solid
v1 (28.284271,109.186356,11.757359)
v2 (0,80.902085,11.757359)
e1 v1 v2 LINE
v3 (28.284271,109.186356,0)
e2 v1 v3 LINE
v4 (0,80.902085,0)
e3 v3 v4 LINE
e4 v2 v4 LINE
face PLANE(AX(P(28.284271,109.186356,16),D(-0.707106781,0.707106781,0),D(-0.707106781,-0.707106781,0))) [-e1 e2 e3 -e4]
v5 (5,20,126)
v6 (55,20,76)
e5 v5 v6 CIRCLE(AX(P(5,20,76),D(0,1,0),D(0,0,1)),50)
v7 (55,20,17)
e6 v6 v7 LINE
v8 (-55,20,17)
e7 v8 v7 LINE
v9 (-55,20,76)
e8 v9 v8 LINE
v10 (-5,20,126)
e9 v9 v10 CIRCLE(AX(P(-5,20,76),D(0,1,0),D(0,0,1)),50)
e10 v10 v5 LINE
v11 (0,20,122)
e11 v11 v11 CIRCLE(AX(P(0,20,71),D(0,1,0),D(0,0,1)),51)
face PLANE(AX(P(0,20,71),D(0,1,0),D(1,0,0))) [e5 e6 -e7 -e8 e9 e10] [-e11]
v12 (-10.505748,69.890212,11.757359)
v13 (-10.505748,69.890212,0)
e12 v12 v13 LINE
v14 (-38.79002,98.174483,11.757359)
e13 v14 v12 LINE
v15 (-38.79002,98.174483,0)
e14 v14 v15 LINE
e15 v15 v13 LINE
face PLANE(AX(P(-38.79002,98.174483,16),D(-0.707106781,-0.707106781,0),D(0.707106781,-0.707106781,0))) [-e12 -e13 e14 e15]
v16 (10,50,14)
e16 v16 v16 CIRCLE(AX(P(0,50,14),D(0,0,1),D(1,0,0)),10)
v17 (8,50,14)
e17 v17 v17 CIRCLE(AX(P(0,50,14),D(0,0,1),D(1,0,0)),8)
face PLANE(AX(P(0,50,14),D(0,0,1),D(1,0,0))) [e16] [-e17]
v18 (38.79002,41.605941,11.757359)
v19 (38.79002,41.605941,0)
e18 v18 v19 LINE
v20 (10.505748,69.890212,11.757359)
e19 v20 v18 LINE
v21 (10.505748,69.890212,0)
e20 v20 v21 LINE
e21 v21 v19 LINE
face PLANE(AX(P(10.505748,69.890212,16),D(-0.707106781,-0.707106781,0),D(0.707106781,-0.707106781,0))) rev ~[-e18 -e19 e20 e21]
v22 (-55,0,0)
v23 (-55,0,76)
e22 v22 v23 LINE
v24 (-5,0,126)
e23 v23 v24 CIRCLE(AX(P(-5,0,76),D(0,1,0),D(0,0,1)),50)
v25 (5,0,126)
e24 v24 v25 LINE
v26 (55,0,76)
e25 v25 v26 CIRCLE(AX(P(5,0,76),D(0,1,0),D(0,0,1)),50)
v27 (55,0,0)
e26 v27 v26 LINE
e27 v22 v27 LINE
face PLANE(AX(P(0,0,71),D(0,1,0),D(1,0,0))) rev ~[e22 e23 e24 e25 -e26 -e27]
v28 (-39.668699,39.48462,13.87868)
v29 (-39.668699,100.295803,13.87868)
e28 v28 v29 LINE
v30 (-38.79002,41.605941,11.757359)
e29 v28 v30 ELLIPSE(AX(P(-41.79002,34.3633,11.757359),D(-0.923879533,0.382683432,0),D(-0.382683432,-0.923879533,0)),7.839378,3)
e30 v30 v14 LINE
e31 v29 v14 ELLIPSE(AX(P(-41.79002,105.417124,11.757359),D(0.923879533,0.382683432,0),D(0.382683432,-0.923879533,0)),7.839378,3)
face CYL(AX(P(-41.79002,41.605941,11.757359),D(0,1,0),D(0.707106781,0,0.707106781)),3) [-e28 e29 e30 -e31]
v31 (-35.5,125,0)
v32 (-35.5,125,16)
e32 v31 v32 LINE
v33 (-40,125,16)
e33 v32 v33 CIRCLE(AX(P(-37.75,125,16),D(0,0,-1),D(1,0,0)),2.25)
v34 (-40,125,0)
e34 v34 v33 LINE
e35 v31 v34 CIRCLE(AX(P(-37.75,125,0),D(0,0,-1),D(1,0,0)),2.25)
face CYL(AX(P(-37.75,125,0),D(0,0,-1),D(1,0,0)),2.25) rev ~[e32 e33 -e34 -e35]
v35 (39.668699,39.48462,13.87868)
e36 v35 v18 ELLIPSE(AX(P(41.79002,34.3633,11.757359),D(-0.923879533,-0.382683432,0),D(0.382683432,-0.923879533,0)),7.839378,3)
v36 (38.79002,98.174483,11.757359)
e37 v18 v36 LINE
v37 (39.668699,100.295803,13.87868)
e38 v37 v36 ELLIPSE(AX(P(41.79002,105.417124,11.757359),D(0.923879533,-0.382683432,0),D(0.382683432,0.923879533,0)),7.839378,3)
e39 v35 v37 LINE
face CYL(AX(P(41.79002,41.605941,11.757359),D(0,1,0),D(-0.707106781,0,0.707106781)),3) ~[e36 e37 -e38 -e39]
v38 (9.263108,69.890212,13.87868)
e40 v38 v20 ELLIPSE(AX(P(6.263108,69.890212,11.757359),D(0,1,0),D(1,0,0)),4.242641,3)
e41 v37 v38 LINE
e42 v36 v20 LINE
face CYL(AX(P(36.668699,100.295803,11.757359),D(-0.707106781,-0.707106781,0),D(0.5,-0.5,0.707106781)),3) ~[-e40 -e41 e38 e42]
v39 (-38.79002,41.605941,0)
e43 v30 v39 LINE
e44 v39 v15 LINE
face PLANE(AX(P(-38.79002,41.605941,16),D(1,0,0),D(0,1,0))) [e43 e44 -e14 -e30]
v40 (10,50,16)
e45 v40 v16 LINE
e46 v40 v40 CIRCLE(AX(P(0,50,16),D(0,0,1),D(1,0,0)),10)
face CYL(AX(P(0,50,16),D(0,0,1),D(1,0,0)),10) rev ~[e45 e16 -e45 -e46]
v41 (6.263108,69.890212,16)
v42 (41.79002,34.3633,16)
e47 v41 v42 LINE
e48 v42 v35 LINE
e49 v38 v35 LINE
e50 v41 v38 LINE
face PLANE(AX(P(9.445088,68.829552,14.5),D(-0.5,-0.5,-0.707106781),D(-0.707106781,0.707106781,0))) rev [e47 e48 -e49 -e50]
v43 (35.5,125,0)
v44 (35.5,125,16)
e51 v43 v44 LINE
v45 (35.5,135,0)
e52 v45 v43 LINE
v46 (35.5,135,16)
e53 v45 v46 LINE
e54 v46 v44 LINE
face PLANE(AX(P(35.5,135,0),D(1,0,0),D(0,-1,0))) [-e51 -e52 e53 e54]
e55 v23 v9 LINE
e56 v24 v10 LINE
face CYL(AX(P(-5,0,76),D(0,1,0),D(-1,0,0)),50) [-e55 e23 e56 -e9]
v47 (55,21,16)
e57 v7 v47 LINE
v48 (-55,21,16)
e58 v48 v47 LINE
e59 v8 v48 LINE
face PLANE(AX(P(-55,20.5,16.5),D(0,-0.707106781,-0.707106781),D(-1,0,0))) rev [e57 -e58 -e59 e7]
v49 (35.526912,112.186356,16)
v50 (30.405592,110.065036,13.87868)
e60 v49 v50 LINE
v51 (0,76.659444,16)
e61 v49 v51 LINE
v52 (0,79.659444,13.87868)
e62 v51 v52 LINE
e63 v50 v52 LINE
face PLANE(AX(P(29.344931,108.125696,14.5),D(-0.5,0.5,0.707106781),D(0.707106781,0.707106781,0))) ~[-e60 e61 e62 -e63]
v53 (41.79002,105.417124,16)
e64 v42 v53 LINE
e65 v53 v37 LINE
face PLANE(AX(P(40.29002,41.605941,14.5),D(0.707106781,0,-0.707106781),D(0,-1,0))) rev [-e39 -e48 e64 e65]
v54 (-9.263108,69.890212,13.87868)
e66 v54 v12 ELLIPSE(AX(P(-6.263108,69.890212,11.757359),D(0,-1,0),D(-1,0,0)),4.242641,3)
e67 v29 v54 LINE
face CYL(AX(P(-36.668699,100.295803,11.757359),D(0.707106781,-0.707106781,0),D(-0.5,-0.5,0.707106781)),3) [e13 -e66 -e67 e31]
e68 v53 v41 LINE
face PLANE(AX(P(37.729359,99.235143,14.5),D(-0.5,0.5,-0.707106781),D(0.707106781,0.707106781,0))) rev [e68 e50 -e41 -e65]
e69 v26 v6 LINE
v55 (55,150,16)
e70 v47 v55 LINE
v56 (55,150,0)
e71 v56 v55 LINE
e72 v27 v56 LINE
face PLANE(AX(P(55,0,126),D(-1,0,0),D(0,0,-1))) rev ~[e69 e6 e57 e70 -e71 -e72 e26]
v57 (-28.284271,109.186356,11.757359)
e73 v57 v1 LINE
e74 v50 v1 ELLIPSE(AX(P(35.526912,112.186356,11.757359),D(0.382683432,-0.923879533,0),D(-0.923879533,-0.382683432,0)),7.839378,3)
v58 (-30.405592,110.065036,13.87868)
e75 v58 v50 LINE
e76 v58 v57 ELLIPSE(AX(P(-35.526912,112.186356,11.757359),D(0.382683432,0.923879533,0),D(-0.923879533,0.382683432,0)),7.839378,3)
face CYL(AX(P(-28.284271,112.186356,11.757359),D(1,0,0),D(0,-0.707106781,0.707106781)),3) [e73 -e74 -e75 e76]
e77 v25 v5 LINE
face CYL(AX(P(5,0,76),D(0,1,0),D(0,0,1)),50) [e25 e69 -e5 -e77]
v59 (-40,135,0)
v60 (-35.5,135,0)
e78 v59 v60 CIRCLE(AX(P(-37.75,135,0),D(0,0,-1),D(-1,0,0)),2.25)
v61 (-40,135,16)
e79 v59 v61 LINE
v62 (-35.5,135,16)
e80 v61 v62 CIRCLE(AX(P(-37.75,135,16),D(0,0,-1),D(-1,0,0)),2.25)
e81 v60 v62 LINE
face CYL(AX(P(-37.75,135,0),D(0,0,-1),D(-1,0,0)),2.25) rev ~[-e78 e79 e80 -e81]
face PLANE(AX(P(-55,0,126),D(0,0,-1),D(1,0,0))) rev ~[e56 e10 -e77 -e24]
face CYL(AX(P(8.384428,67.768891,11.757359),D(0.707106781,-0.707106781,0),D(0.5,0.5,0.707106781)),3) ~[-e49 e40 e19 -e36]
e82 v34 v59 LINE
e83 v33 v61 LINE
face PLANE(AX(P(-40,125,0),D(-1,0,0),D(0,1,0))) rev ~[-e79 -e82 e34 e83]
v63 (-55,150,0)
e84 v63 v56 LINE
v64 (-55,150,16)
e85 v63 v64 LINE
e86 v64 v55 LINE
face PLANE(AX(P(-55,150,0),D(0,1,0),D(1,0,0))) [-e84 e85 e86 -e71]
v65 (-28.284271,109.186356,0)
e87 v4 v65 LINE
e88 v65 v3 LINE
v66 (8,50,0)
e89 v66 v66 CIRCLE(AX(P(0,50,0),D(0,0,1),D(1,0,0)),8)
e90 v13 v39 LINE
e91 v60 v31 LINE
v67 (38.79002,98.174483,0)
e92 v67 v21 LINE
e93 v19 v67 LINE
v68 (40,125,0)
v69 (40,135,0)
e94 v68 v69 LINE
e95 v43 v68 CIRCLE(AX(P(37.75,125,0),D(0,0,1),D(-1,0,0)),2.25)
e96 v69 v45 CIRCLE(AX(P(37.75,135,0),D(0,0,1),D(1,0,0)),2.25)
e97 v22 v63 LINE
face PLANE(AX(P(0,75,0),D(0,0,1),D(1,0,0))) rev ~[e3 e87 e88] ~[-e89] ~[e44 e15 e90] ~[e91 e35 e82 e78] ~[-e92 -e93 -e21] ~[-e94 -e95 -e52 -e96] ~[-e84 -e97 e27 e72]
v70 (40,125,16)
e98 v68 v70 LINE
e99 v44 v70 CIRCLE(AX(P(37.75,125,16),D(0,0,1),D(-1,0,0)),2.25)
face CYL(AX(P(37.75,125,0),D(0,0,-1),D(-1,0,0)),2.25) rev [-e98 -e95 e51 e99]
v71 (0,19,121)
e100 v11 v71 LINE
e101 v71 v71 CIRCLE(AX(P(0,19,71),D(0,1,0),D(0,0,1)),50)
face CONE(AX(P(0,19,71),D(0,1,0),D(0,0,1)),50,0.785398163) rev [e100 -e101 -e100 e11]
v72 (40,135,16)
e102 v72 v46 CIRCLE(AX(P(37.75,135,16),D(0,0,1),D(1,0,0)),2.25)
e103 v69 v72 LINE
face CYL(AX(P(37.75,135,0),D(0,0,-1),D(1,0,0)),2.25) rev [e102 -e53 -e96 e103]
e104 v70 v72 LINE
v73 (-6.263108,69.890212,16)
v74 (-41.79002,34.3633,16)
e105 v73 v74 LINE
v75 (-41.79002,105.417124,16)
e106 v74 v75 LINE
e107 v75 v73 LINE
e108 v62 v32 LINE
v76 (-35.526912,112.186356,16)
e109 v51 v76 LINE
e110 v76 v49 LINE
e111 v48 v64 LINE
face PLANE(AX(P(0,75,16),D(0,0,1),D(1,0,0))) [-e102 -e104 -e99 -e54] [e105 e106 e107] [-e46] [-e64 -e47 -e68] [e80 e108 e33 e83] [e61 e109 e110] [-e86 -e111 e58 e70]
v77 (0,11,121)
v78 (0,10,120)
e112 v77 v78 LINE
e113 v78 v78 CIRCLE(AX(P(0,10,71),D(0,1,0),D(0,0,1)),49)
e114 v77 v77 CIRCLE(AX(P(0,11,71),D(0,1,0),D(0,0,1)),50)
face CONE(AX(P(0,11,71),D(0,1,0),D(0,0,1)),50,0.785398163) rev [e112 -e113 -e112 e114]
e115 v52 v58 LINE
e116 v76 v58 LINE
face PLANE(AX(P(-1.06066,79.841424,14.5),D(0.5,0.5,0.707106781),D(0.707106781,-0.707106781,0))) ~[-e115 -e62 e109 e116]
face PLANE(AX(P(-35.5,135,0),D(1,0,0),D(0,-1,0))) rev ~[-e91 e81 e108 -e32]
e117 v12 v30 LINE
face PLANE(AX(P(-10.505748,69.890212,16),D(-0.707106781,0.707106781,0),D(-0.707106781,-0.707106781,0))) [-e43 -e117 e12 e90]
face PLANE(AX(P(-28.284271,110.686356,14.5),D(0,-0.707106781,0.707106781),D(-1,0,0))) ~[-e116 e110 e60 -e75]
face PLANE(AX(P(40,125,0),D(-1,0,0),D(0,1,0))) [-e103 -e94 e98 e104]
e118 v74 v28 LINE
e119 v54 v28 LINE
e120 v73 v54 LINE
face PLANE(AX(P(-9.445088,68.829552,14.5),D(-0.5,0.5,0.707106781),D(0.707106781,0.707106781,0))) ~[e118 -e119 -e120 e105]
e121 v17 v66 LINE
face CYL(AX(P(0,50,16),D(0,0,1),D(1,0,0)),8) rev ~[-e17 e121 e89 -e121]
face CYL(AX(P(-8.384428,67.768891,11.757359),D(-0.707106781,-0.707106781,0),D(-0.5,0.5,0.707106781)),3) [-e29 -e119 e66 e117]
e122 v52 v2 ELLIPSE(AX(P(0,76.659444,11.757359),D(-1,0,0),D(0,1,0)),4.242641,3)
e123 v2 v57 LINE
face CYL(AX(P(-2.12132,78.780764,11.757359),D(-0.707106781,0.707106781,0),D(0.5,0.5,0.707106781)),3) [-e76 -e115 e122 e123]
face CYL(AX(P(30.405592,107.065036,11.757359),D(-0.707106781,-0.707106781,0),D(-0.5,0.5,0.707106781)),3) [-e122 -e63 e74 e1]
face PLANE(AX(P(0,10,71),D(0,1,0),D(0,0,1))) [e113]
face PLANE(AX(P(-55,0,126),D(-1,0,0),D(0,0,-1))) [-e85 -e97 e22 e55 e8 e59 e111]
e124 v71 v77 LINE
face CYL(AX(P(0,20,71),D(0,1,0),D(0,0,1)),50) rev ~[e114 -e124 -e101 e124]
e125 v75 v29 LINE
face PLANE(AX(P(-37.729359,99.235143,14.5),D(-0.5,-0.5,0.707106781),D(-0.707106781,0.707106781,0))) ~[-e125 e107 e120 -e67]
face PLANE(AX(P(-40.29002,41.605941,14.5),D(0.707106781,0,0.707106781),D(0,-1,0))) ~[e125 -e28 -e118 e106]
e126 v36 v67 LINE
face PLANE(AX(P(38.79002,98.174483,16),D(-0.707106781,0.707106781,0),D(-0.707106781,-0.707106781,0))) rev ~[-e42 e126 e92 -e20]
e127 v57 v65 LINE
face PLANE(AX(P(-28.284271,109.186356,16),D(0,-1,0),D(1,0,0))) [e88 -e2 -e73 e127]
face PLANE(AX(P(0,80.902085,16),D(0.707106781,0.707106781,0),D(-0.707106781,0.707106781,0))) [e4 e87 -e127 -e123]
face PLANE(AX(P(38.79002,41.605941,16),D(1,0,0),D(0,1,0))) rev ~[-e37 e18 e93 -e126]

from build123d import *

# Parameters (mm, degrees)
SKETCH1_W           = 110
SKETCH1_H           = 150
BOSS_EXTRUDE1_DEPTH = 16
SKETCH4_W           = 110
SKETCH4_H           = 110
BOSS_EXTRUDE2_DEPTH = 20
SKETCH6_R           = 50
CUT_EXTRUDE1_DEPTH  = 10
FILLET1_R           = 50
SKETCH7_R           = 8
CUT_EXTRUDE4_DEPTH  = 194.971647413
SKETCH5_R           = 10
CUT_EXTRUDE5_DEPTH  = 2
CHAMFER3_SIZE       = 1
CHAMFER4_SIZE       = 1
CUT_EXTRUDE7_DEPTH  = 194.971647413
CHAMFER6_SIZE       = 3
FILLET3_R           = 3


with BuildPart() as part:
    # Sketch1 → Boss-Extrude1 (new body)
    with BuildSketch(Plane.XY):
        with Locations((0, 75)):
            Rectangle(SKETCH1_W, SKETCH1_H)
        with BuildLine():
            Line((-35.5, 135), (-35.5, 125))
            ThreePointArc((-35.5, 125), (-37.75, 122.75), (-40, 125))
            Line((-40, 125), (-40, 135))
            ThreePointArc((-40, 135), (-37.75, 137.25), (-35.5, 135))
        make_face(mode=Mode.SUBTRACT)
        with BuildLine():
            Line((35.5, 135), (35.5, 125))
            ThreePointArc((35.5, 125), (37.75, 122.75), (40, 125))
            Line((40, 125), (40, 135))
            ThreePointArc((40, 135), (37.75, 137.25), (35.5, 135))
        make_face(mode=Mode.SUBTRACT)
    extrude(amount=BOSS_EXTRUDE1_DEPTH)

    # Sketch4 → Boss-Extrude2 (add)
    with BuildSketch(Plane(origin=(0, 0, 0), x_dir=(1, 0, 0), z_dir=(0, 1, 0))):
        with Locations((0, -71)):
            Rectangle(SKETCH4_W, SKETCH4_H)
    extrude(amount=BOSS_EXTRUDE2_DEPTH)

    # Sketch6 → Cut-Extrude1 (cut)
    with BuildSketch(Plane(origin=(0, 20, 0), x_dir=(1, 0, 0), z_dir=(0, 1, 0))):
        with Locations(Location((0, -71, 0), (0, 0, 270))):
            Circle(SKETCH6_R)
    extrude(amount=-CUT_EXTRUDE1_DEPTH, mode=Mode.SUBTRACT)

    # Fillet1
    fillet1_edges = [part.edges().sort_by_distance(p)[0] for p in [
        (-55, 10, 126),
        (55, 10, 126),
    ]]
    fillet(fillet1_edges, radius=FILLET1_R)

    # Sketch7 → Cut-Extrude4 (cut, through all)
    with BuildSketch(Plane.XY.offset(16)):
        with Locations((0, 50)):
            Circle(SKETCH7_R)
    extrude(amount=-CUT_EXTRUDE4_DEPTH, mode=Mode.SUBTRACT)

    # Sketch5 → Cut-Extrude5 (cut)
    with BuildSketch(Plane.XY.offset(16)):
        with Locations((0, 50)):
            Circle(SKETCH5_R)
    extrude(amount=-CUT_EXTRUDE5_DEPTH, mode=Mode.SUBTRACT)

    # Chamfer3
    chamfer3_edges = [part.edges().sort_by_distance(p)[0] for p in [
        (0, 20, 16),
    ]]
    chamfer(chamfer3_edges, length=CHAMFER3_SIZE)

    # Chamfer4
    chamfer4_edges = [part.edges().sort_by_distance(p)[0] for p in [
        (0, 10, 21),
        (0, 20, 21),
    ]]
    chamfer(chamfer4_edges, length=CHAMFER4_SIZE)

    # Sketch8 → Cut-Extrude7 (cut, through all)
    with BuildSketch(Plane.XY.offset(16)):
        Polygon((-38.790019507, 98.174483069), (-10.505748259, 69.890211821), (-38.790019507, 41.605940574), align=None)
        Polygon((10.505748259, 69.890211821), (38.790019507, 41.605940574), (38.790019507, 98.174483069), align=None)
        Polygon((28.284271247, 109.186355869), (0, 80.902084621), (-28.284271247, 109.186355869), align=None)
    extrude(amount=-CUT_EXTRUDE7_DEPTH, mode=Mode.SUBTRACT)

    # Chamfer6
    chamfer6_edges = [part.edges().sort_by_distance(p)[0] for p in [
        (24.647883883, 84.032347445, 16),
        (24.647883883, 55.748076198, 16),
        (38.790019507, 69.890211821, 16),
        (0, 109.186355869, 16),
        (-14.142135624, 95.044220245, 16),
        (14.142135624, 95.044220245, 16),
        (-38.790019507, 69.890211821, 16),
        (-24.647883883, 55.748076198, 16),
        (-24.647883883, 84.032347445, 16),
    ]]
    chamfer(chamfer6_edges, length=CHAMFER6_SIZE)

    # Fillet3
    fillet3_edges = [part.edges().sort_by_distance(p)[0] for p in [
        (24.647883883, 55.748076198, 13),
        (38.790019507, 69.890211821, 13),
        (24.647883883, 84.032347445, 13),
        (-24.647883883, 55.748076198, 13),
        (-24.647883883, 84.032347445, 13),
        (-38.790019507, 69.890211821, 13),
        (-14.142135624, 95.044220245, 13),
        (14.142135624, 95.044220245, 13),
        (0, 109.186355869, 13),
    ]]
    fillet(fillet3_edges, radius=FILLET3_R)


solid = part.part
